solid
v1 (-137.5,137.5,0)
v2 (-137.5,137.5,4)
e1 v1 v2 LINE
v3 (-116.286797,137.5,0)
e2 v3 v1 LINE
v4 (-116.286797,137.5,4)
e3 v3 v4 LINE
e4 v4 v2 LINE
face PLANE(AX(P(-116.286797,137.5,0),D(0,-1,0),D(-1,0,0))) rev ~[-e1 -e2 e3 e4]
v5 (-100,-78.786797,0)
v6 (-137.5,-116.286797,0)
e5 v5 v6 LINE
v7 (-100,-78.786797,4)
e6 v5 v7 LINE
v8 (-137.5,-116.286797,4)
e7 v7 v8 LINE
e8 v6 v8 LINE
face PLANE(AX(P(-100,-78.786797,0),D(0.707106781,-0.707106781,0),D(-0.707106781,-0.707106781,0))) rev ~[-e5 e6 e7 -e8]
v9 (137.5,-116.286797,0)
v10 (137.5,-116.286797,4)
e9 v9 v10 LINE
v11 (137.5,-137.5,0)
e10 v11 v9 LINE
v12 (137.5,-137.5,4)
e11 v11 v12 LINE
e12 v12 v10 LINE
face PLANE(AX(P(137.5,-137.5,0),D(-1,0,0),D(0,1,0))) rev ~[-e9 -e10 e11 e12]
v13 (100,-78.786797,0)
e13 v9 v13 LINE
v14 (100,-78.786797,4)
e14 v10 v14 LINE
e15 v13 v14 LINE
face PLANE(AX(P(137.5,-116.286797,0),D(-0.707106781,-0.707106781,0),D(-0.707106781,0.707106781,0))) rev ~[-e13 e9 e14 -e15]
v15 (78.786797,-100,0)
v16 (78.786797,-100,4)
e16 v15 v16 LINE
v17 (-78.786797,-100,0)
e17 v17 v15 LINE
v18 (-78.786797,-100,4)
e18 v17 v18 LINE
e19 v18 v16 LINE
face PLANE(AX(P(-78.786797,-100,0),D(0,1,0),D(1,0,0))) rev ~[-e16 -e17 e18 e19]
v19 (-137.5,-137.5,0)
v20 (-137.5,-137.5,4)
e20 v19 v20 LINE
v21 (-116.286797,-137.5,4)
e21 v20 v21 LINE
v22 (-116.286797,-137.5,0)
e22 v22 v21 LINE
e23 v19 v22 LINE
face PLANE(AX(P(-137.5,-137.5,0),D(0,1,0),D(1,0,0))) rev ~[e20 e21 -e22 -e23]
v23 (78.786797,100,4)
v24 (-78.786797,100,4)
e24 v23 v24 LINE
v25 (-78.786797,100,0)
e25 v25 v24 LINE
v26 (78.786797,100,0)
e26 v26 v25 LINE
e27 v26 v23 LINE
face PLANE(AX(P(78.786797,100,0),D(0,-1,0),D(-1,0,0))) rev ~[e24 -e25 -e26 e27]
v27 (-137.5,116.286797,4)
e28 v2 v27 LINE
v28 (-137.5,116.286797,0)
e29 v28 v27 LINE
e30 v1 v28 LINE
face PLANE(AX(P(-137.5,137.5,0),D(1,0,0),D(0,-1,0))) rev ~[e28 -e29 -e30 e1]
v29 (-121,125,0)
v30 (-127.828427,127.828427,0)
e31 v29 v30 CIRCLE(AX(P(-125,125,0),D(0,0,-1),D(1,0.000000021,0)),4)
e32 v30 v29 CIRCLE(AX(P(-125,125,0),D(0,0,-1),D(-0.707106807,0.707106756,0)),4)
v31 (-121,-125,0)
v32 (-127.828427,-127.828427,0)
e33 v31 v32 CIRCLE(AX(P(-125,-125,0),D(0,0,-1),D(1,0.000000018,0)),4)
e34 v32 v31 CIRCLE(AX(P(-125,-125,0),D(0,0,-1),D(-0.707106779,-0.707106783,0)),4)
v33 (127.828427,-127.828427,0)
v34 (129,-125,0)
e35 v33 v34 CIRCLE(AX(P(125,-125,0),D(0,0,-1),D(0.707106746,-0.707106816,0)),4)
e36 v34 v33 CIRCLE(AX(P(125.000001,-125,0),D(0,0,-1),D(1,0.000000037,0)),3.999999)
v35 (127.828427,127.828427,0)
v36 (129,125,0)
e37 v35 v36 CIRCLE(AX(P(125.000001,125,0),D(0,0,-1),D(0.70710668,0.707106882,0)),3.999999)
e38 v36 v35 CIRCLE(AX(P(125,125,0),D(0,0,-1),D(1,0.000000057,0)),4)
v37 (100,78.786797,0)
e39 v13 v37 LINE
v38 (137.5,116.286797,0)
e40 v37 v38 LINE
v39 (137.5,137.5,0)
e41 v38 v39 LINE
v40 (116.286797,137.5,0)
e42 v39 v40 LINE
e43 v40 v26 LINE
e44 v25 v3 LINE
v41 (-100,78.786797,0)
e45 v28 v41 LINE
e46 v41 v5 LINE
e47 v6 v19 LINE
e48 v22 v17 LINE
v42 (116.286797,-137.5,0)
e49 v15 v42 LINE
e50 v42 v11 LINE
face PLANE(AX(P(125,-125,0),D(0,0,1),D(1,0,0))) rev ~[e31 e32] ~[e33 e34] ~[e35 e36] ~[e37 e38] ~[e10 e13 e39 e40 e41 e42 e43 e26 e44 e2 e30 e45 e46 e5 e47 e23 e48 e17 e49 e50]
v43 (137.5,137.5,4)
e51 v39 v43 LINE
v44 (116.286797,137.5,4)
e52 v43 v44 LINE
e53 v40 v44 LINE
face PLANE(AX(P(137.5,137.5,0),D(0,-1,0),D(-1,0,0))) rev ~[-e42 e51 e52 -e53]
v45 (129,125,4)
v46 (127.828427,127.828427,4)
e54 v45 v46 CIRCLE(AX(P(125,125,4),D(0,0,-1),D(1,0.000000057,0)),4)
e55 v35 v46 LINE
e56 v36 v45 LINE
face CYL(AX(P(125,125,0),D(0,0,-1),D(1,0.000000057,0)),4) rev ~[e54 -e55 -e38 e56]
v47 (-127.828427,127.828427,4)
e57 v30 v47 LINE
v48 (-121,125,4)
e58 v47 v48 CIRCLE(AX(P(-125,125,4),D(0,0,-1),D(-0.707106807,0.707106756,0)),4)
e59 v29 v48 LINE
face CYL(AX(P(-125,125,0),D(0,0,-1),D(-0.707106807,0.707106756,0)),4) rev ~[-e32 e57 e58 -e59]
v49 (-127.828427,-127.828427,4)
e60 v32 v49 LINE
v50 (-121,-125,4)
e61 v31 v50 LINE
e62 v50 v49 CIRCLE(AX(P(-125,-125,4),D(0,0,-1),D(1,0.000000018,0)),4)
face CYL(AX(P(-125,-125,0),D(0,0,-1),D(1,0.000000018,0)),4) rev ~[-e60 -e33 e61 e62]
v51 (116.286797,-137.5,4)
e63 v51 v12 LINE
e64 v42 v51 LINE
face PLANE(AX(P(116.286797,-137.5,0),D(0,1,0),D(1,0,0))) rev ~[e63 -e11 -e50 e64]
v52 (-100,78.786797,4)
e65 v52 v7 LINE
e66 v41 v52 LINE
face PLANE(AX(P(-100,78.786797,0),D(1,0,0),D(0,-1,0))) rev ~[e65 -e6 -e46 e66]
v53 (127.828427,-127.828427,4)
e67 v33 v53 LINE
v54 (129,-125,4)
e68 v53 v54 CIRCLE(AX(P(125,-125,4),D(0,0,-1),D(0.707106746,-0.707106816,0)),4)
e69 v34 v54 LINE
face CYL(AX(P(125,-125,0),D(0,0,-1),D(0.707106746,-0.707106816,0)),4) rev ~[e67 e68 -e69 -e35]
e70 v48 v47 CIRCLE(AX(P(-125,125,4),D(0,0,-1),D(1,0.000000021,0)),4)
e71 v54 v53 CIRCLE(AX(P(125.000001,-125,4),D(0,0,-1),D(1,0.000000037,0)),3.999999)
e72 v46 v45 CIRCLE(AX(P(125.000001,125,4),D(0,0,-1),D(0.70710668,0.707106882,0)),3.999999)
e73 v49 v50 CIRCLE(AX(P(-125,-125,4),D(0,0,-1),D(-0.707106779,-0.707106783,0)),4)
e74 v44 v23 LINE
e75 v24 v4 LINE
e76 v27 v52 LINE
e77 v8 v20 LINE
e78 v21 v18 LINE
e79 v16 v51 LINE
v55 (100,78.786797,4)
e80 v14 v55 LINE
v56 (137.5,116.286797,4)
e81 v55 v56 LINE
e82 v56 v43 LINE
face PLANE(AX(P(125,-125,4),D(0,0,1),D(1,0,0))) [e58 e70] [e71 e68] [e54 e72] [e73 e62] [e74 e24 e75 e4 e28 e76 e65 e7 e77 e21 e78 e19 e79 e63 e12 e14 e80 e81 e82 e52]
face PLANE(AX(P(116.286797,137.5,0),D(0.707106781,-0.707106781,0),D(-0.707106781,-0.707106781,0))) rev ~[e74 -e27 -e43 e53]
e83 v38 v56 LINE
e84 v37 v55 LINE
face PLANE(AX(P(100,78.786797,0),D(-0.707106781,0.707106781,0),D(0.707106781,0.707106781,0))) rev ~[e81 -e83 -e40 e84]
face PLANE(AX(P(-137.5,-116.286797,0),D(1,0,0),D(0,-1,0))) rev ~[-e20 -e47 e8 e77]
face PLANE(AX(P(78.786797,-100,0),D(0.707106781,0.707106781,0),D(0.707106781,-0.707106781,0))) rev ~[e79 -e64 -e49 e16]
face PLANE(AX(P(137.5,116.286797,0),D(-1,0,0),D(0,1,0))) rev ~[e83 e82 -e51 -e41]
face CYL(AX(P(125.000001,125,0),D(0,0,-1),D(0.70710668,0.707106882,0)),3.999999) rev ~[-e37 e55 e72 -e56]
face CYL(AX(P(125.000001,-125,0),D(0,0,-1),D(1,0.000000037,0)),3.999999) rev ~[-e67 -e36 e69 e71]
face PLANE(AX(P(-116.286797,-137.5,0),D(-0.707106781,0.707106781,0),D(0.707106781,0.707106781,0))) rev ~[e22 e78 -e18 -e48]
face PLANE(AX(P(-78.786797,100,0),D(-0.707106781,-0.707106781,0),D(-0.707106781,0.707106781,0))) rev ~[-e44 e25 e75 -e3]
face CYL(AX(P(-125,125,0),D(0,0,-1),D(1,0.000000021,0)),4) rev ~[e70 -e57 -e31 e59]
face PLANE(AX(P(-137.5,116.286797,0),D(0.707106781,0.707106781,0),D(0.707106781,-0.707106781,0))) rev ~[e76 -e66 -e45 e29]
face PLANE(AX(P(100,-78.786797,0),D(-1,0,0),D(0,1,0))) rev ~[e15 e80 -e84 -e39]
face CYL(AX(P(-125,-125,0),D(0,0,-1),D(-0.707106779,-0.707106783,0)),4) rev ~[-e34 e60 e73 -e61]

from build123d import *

# Parameters (mm, degrees)
F1_DEPTH = 4


with BuildPart() as f1:
    # F0 (on Top) → F1 (new body)
    with BuildSketch(Plane.XY):
        Polygon((116.286797, -137.5), (137.5, -137.5), (137.5, -116.286797), (133.713203, -112.5), (112.5, -112.5), (112.5, -133.713203), align=None)
        with BuildLine():
            ThreePointArc((129, -125), (128.695518, -126.530734), (127.828427, -127.828427))
            ThreePointArc((127.828427, -127.828427), (121.304482, -123.469266), (129, -125))
        make_face(mode=Mode.SUBTRACT)
        Polygon((78.786797, -100), (112.5, -133.713203), (112.5, -112.5), (133.713203, -112.5), (100, -78.786797), (100, -100), align=None)
        Polygon((-78.786797, -100), (78.786797, -100), (100, -100), (100, -78.786797), (100, 78.786797), (100, 100), (78.786797, 100), (-78.786797, 100), (-100, 100), (-100, 78.786797), (-100, -78.786797), (-100, -100), align=None)
        Polygon((-112.5, -133.713203), (-78.786797, -100), (-100, -100), (-100, -78.786797), (-133.713203, -112.5), (-112.5, -112.5), align=None)
        Polygon((100, 100), (100, 78.786797), (133.713203, 112.5), (112.5, 112.5), (112.5, 133.713203), (78.786797, 100), align=None)
        Polygon((-116.286797, -137.5), (-112.5, -133.713203), (-112.5, -112.5), (-133.713203, -112.5), (-137.5, -116.286797), (-137.5, -137.5), align=None)
        with BuildLine():
            ThreePointArc((-121, -125), (-123.469266, -128.695518), (-127.828427, -127.828427))
            ThreePointArc((-127.828427, -127.828427), (-126.530734, -121.304482), (-121, -125))
        make_face(mode=Mode.SUBTRACT)
        Polygon((112.5, 112.5), (133.713203, 112.5), (137.5, 116.286797), (137.5, 137.5), (116.286797, 137.5), (112.5, 133.713203), align=None)
        with BuildLine():
            ThreePointArc((129, 125), (121.304482, 123.469266), (127.828427, 127.828427))
            ThreePointArc((127.828427, 127.828427), (128.695518, 126.530734), (129, 125))
        make_face(mode=Mode.SUBTRACT)
        Polygon((-133.713203, 112.5), (-100, 78.786797), (-100, 100), (-78.786797, 100), (-112.5, 133.713203), (-112.5, 112.5), align=None)
        Polygon((-137.5, 116.286797), (-133.713203, 112.5), (-112.5, 112.5), (-112.5, 133.713203), (-116.286797, 137.5), (-137.5, 137.5), align=None)
        with BuildLine():
            ThreePointArc((-121, 125), (-126.530734, 121.304482), (-127.828427, 127.828427))
            ThreePointArc((-127.828427, 127.828427), (-123.469266, 128.695518), (-121, 125))
        make_face(mode=Mode.SUBTRACT)
    extrude(amount=F1_DEPTH)


solid = f1.part
